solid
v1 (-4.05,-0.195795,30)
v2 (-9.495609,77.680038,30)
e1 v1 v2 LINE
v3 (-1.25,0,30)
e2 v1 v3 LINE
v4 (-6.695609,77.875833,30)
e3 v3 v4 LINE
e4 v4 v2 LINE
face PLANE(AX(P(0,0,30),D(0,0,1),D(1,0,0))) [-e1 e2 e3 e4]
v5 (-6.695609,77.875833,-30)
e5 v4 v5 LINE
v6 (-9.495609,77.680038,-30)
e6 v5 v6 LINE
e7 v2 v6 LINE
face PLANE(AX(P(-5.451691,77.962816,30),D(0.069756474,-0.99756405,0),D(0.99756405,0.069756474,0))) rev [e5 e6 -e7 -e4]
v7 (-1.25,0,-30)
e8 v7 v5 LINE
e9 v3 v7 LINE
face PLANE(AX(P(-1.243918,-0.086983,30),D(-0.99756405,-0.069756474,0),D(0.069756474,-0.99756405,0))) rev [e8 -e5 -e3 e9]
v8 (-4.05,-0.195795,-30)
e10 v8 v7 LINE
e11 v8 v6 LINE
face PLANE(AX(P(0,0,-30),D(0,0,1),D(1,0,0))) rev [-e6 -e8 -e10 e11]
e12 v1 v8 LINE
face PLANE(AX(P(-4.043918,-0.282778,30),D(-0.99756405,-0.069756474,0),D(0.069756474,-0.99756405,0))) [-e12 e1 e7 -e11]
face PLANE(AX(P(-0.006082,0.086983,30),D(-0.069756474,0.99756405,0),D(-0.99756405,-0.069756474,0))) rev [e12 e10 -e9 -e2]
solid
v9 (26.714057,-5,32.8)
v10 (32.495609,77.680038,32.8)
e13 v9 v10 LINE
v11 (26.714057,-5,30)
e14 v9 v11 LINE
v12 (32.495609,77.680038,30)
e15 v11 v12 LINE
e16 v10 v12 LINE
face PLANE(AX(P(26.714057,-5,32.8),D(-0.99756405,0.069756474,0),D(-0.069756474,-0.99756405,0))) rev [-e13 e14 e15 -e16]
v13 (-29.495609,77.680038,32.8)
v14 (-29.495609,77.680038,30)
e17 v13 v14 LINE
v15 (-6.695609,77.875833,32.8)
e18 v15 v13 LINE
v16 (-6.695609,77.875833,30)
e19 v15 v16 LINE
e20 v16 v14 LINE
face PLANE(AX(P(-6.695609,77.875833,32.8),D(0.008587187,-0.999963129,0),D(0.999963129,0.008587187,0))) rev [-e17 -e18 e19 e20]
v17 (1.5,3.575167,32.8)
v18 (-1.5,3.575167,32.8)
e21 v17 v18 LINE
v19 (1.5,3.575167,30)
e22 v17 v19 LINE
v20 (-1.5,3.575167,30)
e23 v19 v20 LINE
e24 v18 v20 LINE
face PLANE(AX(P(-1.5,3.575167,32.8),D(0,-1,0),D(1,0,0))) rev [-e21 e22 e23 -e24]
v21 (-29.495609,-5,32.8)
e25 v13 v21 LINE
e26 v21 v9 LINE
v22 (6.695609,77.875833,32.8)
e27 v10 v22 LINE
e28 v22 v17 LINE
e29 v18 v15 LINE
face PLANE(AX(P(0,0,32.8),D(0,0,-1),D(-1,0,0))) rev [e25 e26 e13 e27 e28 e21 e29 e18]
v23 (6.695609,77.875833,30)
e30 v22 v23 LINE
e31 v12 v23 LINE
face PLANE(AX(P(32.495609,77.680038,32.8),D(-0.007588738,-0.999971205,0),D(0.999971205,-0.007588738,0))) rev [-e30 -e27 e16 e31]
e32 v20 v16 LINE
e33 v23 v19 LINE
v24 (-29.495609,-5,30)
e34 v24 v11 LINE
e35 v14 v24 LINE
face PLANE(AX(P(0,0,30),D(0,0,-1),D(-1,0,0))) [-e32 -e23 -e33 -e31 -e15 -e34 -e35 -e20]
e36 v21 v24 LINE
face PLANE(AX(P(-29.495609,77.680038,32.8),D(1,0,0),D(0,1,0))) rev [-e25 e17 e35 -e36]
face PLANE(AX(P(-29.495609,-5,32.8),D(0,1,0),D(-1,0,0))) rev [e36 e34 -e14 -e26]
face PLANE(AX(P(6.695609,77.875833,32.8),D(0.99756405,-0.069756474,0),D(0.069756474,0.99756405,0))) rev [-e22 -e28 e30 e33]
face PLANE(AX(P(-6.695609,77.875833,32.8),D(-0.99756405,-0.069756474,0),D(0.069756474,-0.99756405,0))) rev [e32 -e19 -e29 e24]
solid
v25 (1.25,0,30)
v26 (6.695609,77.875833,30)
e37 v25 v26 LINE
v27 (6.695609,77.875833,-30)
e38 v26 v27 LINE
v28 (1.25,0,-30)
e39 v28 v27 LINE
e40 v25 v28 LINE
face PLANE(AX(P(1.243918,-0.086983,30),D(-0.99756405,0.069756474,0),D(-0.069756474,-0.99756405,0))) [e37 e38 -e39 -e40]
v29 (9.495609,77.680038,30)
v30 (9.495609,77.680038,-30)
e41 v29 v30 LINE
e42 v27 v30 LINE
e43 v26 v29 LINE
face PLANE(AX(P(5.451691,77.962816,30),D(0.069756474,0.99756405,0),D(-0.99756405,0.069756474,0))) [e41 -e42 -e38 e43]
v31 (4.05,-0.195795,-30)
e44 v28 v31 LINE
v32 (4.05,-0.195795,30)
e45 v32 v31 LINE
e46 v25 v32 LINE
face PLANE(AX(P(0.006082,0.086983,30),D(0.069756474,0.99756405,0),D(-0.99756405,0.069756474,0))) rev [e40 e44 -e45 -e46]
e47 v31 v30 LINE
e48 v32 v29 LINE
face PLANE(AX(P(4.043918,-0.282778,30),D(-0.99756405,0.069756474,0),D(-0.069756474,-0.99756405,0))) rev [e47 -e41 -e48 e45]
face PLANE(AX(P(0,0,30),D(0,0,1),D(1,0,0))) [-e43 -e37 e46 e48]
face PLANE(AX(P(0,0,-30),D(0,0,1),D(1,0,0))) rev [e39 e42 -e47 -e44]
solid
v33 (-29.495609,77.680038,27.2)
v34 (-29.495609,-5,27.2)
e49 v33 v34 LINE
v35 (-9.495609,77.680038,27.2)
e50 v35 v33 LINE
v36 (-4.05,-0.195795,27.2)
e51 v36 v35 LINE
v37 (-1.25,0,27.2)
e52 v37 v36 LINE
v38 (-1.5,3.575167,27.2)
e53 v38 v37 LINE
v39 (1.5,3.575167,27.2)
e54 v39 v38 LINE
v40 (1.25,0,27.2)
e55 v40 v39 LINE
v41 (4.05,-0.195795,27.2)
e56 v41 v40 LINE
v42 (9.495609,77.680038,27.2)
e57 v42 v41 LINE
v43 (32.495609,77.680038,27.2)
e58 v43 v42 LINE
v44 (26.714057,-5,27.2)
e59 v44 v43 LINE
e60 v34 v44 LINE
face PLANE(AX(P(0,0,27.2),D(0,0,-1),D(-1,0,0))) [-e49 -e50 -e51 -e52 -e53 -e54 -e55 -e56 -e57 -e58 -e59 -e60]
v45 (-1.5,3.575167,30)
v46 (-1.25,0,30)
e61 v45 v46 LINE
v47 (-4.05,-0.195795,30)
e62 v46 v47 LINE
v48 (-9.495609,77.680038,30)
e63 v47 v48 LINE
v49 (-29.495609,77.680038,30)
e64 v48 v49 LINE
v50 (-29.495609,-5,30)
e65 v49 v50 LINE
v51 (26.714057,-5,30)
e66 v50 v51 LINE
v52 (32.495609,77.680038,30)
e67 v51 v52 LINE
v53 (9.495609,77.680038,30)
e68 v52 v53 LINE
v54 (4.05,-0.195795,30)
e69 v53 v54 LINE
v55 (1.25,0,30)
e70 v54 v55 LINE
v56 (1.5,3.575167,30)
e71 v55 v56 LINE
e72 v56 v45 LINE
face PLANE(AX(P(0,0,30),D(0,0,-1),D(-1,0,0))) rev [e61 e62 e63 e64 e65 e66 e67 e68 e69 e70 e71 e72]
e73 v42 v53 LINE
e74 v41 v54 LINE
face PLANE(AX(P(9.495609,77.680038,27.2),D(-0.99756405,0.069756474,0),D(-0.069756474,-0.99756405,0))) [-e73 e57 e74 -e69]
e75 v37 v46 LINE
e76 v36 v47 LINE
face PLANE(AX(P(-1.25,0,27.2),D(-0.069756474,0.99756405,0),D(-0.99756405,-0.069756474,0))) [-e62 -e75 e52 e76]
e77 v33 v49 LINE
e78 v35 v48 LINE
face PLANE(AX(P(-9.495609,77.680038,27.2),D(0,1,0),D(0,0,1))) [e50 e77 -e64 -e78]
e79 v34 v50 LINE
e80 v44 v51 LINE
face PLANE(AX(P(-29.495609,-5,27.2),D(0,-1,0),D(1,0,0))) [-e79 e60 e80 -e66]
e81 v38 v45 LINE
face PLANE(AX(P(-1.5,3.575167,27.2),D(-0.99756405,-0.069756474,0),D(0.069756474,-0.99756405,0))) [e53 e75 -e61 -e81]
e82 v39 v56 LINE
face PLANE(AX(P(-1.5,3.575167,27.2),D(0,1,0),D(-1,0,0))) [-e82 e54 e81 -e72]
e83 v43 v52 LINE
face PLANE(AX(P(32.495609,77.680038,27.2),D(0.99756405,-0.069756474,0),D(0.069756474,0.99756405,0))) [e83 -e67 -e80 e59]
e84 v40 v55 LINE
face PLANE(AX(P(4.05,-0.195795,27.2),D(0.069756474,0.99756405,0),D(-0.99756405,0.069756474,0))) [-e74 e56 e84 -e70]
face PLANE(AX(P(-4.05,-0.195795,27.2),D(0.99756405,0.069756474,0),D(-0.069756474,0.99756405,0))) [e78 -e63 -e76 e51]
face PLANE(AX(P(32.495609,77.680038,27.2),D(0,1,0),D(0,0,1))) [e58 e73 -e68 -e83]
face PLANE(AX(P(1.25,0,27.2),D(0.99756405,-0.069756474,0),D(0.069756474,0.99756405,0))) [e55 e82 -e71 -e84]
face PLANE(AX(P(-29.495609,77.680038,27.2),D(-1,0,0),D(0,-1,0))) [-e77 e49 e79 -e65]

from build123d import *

# Parameters (mm, degrees)
BOSS_EXTRUDE1_DEPTH   = 30
BOSS_EXTRUDE1_2_DEPTH = 30
BOSS_EXTRUDE2_DEPTH   = 2.8
BOSS_EXTRUDE3_DEPTH   = 2.8


with BuildPart() as part:
    # Sketch1 → Boss-Extrude1 (new body, symmetric)
    with BuildSketch(Plane.XY):
        Polygon((-1.25, 0), (-6.695608717, 77.875832821), (-9.495608717, 77.680037747), (-4.05, -0.195795073), align=None)
    extrude(amount=BOSS_EXTRUDE1_DEPTH, both=True)


with BuildPart() as body_2:
    # Sketch1 → Boss-Extrude1 2 (new body, symmetric)
    with BuildSketch(Plane.XY):
        Polygon((1.25, 0), (6.695608717, 77.875832821), (9.495608717, 77.680037747), (4.05, -0.195795073), align=None)
    extrude(amount=BOSS_EXTRUDE1_2_DEPTH, both=True)


with BuildPart() as body_3:
    # Sketch2 → Boss-Extrude2 (new body)
    with BuildSketch(Plane.XY.offset(30)):
        Polygon((-1.5, 3.575166564), (1.5, 3.575166564), (1.25, 0), (4.05, -0.195795073), (9.495608717, 77.680037747), (32.495608717, 77.680037747), (26.714057266, -5), (-29.495608717, -5), (-29.495608717, 77.680037747), (-9.495608717, 77.680037747), (-4.05, -0.195795073), (-1.25, 0), align=None)
    extrude(amount=-BOSS_EXTRUDE2_DEPTH)


with BuildPart() as body_4:
    # Sketch3 → Boss-Extrude3 (new body)
    with BuildSketch(Plane.XY.offset(30)):
        Polygon((-6.695608717, 77.875832821), (-29.495608717, 77.680037747), (-29.495608717, -5), (26.714057266, -5), (32.495608717, 77.680037747), (6.695608717, 77.875832821), (1.5, 3.575166564), (-1.5, 3.575166564), align=None)
    extrude(amount=BOSS_EXTRUDE3_DEPTH)


solid = Compound([part.part, body_2.part, body_3.part, body_4.part])
